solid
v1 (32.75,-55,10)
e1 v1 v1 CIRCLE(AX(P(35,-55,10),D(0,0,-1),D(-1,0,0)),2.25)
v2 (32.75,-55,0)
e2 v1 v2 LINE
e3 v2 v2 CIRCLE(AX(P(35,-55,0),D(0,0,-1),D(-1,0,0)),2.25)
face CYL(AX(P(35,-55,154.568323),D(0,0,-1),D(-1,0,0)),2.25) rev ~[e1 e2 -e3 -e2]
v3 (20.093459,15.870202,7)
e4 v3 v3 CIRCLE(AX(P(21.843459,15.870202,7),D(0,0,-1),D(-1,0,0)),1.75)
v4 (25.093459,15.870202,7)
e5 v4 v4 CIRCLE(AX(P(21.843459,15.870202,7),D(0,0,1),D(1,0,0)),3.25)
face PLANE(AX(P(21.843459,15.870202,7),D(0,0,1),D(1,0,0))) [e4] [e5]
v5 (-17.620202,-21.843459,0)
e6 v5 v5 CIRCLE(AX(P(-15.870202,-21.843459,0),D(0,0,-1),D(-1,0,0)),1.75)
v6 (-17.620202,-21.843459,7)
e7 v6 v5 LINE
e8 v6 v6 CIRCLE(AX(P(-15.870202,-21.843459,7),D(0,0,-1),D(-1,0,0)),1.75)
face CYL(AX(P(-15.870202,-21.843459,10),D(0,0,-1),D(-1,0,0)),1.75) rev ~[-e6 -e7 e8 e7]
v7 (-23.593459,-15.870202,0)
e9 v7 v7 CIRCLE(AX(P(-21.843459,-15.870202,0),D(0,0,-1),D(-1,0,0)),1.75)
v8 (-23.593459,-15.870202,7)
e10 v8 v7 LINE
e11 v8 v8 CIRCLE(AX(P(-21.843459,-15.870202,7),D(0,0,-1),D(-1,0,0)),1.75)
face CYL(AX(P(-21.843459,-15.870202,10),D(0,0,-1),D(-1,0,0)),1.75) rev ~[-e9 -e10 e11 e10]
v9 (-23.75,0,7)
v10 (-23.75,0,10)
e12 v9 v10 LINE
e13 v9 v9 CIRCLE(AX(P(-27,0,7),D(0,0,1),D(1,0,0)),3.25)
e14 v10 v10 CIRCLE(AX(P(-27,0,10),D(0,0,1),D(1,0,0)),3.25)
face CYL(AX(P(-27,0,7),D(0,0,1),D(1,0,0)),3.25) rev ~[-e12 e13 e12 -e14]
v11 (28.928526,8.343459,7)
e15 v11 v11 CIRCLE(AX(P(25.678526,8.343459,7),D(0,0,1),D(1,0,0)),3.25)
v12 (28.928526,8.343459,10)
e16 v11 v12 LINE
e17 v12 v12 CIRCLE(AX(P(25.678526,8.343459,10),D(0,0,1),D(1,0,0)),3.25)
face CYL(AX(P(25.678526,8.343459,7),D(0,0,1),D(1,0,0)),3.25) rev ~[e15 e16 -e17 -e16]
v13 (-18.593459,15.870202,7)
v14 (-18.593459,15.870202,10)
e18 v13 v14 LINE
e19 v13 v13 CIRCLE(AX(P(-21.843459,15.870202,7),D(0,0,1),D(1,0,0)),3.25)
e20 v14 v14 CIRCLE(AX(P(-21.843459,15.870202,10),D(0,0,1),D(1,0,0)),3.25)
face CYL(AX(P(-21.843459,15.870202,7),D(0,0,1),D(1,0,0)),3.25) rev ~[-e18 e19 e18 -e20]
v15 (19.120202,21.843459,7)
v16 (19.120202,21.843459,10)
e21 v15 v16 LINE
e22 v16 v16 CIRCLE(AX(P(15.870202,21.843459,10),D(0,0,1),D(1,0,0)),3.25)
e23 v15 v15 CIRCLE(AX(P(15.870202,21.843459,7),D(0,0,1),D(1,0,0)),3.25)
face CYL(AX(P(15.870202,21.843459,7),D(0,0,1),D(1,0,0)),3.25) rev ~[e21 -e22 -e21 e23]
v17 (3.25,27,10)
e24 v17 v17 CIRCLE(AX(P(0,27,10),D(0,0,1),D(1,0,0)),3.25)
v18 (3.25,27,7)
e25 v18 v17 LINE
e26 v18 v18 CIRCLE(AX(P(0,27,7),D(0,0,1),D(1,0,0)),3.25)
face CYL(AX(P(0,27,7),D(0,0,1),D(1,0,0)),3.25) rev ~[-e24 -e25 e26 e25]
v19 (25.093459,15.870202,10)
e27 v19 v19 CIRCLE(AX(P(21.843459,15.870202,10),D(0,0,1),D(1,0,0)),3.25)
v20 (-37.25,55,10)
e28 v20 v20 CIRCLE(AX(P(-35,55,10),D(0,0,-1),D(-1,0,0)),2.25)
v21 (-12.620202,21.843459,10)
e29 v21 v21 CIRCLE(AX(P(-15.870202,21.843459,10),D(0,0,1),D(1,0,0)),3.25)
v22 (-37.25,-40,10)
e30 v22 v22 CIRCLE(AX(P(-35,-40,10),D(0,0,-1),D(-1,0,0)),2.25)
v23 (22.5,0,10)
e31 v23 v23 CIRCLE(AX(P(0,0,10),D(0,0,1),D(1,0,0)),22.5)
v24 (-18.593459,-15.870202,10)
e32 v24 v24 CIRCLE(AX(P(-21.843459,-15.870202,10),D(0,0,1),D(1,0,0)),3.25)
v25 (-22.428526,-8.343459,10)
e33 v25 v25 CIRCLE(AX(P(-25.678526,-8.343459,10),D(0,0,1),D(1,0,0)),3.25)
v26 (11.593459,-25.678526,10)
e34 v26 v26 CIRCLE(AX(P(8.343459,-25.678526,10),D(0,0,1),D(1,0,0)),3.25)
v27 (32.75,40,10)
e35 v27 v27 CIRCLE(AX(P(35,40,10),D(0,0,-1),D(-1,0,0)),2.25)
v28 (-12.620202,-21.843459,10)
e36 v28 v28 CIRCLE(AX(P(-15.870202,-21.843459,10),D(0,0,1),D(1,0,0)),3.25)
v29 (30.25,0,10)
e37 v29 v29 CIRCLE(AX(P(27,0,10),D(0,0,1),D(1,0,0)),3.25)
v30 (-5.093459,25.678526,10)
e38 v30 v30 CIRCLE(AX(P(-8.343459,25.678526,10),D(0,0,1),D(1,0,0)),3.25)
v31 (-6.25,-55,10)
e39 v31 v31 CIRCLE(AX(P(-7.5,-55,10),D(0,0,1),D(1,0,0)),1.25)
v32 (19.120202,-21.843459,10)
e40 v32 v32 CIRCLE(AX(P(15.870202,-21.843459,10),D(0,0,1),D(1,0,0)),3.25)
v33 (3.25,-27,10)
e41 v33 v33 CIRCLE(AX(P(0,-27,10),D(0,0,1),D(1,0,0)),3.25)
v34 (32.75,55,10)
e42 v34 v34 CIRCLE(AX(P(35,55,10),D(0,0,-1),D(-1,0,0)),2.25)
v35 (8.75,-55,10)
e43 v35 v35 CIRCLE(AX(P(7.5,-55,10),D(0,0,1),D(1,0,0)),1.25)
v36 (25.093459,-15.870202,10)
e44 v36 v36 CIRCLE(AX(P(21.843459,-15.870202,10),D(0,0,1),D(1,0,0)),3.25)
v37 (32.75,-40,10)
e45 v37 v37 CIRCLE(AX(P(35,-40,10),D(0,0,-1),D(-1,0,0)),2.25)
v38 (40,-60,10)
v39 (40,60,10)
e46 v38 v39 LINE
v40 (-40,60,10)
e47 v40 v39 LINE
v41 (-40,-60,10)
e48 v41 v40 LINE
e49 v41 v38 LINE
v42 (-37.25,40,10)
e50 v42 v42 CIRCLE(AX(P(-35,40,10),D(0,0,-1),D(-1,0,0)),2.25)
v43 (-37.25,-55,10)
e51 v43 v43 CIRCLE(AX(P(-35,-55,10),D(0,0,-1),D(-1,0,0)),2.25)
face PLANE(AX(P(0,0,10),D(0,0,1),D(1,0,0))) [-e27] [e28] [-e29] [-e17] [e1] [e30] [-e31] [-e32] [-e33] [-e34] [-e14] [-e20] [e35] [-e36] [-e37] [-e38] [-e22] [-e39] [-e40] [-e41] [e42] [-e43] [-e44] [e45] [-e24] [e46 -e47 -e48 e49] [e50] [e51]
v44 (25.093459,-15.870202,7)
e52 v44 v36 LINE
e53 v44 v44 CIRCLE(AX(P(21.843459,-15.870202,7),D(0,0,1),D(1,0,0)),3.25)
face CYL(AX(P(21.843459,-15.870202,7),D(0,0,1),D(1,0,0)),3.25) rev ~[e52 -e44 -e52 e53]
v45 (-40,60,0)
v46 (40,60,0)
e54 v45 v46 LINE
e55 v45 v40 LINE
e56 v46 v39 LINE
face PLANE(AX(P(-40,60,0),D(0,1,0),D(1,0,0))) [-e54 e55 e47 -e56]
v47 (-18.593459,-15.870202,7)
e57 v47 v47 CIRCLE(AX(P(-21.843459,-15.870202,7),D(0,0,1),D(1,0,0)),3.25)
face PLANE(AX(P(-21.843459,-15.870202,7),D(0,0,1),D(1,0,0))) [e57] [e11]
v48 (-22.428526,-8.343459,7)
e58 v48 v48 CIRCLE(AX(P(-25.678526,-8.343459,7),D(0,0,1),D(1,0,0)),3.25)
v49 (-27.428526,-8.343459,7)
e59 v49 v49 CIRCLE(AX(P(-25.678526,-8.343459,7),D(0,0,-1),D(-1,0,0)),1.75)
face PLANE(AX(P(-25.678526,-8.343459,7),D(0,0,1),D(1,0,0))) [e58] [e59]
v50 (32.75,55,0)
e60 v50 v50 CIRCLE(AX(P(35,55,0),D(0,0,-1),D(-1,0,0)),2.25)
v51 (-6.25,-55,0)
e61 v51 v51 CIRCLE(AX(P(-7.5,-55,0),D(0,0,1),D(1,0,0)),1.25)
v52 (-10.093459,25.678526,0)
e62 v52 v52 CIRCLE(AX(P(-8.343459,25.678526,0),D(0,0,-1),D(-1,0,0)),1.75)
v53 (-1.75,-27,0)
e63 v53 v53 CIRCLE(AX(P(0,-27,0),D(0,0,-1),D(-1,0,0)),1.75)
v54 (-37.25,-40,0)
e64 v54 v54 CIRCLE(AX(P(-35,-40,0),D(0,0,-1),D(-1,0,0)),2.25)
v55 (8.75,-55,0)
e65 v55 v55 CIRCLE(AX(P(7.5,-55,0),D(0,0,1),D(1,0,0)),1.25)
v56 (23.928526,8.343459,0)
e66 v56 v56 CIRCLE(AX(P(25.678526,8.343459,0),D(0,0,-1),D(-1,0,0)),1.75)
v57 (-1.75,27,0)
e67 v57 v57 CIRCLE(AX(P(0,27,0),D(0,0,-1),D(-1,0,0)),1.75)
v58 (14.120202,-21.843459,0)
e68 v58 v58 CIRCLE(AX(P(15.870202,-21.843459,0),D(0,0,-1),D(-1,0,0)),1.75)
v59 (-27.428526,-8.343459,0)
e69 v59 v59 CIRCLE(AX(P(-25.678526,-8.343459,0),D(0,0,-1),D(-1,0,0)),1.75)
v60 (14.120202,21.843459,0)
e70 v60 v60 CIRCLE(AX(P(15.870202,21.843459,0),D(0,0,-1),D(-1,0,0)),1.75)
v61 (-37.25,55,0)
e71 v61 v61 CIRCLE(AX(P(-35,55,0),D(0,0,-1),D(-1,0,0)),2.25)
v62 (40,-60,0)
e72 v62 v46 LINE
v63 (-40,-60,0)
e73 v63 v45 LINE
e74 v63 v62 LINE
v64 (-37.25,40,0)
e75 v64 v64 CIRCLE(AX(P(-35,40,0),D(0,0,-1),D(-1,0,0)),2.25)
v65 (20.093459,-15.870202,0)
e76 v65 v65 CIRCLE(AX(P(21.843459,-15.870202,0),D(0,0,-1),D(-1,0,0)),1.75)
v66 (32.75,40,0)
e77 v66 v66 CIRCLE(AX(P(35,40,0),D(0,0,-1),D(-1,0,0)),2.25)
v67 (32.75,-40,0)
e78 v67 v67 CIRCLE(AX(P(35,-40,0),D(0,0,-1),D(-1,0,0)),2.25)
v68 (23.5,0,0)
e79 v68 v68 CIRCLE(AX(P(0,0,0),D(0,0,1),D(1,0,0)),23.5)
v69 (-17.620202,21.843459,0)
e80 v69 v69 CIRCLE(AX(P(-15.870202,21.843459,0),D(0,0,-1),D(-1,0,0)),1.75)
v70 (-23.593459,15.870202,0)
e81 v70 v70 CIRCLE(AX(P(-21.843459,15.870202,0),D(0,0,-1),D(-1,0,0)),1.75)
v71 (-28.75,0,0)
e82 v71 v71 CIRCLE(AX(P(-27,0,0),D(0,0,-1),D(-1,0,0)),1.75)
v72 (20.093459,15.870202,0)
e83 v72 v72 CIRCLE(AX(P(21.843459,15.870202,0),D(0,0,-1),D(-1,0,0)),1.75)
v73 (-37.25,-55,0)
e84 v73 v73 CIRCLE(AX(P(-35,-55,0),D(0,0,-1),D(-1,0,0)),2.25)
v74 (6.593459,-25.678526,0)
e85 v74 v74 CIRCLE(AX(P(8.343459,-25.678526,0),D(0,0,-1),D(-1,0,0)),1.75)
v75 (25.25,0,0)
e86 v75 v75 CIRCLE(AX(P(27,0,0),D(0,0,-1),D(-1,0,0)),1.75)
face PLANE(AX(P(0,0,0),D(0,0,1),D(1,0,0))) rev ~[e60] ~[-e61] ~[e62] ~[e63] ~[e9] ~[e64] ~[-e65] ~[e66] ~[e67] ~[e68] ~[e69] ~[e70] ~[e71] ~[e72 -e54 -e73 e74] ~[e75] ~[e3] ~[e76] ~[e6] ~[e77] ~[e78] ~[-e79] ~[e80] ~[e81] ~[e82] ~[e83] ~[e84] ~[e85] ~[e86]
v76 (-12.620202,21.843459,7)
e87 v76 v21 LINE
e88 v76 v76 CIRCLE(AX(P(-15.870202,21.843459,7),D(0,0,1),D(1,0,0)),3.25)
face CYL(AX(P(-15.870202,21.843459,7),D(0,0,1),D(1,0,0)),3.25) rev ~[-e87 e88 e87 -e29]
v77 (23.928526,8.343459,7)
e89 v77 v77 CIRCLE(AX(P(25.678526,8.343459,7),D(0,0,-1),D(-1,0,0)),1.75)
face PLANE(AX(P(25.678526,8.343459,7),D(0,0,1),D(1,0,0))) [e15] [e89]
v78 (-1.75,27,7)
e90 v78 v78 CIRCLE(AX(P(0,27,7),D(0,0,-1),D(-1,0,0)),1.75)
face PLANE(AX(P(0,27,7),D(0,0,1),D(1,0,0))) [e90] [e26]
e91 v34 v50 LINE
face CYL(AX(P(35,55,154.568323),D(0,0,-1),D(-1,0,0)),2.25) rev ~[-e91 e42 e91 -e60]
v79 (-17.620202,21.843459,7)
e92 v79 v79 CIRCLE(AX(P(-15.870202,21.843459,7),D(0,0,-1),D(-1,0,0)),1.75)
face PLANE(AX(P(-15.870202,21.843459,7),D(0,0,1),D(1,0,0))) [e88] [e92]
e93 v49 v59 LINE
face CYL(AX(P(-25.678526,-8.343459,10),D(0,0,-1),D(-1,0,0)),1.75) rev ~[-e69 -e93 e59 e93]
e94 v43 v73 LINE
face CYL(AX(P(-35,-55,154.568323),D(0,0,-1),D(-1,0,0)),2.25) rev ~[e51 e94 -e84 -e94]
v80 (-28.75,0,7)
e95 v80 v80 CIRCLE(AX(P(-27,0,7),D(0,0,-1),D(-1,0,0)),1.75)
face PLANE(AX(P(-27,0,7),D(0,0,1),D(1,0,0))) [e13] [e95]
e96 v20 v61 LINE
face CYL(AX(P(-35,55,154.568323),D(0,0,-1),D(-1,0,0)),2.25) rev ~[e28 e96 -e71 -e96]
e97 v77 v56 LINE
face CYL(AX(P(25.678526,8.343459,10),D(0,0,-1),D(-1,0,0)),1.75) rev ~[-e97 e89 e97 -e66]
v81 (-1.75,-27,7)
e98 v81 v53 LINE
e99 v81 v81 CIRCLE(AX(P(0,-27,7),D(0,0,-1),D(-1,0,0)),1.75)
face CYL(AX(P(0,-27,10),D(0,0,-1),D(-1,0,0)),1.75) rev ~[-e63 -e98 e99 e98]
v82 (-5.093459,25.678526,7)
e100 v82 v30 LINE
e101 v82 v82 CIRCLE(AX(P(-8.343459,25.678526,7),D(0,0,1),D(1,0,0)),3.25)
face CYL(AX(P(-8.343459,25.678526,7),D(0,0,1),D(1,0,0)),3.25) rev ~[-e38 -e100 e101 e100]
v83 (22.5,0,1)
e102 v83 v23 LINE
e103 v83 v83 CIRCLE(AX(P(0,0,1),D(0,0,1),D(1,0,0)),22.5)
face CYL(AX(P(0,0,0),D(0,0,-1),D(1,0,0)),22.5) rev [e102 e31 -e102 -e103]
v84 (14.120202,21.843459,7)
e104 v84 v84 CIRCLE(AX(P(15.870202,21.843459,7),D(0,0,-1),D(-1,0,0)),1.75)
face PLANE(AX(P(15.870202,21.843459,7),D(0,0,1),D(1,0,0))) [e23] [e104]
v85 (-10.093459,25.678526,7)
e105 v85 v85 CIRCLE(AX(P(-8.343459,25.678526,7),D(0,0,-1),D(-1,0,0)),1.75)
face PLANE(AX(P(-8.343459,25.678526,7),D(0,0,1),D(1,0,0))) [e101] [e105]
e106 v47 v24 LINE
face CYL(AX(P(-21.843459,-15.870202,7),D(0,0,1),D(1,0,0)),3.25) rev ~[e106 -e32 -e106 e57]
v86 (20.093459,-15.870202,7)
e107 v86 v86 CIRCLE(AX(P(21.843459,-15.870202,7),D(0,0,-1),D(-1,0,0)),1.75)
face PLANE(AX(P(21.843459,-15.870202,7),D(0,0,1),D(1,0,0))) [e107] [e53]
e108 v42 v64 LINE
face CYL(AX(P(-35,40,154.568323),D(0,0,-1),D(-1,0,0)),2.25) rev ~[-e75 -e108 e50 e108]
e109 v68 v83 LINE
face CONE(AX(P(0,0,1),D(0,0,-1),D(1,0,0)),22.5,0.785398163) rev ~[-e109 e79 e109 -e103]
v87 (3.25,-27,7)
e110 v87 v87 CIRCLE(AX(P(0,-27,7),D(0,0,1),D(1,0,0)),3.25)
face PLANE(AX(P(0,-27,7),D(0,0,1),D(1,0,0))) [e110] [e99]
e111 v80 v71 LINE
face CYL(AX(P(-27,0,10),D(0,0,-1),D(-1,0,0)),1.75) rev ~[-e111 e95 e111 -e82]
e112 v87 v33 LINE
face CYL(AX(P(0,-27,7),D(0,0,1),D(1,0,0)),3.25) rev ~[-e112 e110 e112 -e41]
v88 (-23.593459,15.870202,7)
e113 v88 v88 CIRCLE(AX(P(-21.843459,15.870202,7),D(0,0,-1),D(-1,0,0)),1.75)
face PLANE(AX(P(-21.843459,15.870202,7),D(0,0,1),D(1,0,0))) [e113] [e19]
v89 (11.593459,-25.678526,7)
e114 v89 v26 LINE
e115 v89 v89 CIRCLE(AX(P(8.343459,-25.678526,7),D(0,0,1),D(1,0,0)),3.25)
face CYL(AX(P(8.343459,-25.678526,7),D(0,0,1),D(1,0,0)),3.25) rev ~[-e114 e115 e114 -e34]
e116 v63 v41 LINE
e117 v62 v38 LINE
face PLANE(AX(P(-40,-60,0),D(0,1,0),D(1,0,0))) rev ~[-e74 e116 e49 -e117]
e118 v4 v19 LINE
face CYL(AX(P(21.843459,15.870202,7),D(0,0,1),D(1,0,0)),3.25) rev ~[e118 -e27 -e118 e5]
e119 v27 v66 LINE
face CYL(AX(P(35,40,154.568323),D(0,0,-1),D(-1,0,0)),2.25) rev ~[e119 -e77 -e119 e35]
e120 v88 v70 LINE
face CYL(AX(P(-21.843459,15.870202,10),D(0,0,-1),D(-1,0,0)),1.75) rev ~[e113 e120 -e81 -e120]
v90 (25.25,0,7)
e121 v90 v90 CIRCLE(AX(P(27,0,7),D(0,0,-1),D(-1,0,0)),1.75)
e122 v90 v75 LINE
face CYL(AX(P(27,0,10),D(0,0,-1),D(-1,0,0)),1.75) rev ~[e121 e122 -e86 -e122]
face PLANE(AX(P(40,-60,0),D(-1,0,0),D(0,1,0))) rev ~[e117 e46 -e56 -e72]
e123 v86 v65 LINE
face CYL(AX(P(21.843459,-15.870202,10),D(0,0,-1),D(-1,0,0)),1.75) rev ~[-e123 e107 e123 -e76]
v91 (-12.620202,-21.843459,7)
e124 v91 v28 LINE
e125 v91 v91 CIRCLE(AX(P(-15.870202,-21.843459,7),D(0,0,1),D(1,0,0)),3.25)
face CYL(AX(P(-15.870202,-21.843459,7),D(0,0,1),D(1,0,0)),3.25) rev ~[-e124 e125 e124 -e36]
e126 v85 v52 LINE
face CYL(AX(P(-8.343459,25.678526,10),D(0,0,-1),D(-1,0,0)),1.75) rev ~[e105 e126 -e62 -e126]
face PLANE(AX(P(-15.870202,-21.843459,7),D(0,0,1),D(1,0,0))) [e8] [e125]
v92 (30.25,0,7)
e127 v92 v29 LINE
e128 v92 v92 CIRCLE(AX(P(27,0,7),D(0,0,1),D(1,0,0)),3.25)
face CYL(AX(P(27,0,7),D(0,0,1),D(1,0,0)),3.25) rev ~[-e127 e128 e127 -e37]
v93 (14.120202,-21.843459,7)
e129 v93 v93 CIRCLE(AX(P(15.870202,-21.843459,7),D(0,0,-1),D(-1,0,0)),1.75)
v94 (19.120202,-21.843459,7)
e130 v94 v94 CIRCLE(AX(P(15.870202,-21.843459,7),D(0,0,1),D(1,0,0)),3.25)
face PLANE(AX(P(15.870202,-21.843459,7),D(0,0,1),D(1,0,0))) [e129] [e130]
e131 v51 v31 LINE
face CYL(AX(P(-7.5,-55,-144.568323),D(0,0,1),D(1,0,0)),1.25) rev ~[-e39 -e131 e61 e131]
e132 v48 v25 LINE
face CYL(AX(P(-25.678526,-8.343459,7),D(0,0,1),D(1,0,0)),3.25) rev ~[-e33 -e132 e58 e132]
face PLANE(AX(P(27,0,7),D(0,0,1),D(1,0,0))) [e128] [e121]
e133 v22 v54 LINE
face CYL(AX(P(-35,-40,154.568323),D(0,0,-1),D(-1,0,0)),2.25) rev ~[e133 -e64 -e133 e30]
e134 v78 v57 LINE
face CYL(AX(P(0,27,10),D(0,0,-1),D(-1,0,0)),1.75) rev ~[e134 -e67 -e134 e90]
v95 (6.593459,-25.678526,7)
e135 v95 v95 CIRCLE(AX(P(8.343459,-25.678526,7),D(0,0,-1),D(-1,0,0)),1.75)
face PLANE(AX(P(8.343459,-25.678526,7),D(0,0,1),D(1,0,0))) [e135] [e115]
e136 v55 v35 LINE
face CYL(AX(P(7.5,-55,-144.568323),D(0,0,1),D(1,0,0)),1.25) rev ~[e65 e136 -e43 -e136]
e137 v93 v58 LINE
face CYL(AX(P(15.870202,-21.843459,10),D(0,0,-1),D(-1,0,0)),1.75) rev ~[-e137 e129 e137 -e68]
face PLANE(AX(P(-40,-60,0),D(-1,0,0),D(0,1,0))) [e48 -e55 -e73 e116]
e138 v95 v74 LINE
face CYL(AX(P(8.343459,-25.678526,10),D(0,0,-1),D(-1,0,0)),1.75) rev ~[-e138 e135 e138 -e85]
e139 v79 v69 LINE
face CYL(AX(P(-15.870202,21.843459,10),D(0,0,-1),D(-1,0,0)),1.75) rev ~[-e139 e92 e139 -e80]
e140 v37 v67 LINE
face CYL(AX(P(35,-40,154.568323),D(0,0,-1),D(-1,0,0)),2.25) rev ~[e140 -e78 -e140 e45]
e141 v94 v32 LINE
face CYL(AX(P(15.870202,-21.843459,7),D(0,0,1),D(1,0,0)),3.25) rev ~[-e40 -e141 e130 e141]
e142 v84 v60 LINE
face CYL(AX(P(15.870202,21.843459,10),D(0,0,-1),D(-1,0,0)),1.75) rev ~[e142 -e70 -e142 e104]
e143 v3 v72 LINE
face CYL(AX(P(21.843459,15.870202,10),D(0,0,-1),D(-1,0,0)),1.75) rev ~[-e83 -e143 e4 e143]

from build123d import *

# Parameters (mm, degrees)
SKETCH1_W                                           = 80
SKETCH1_H                                           = 120
SKETCH1_R                                           = 22.5
BOSS_EXTRUDE1_DEPTH                                 = 10
CBORE_FOR_M3_HEX_SOCKET_HEAD_CAP_SCREW1_D           = 3.5
CBORE_FOR_M3_HEX_SOCKET_HEAD_CAP_SCREW1_CBORE_D     = 6.5
CBORE_FOR_M3_HEX_SOCKET_HEAD_CAP_SCREW1_CBORE_DEPTH = 3
CHAMFER1_SIZE                                       = 1
F_4_5_4_5_DIAMETER_HOLE1_D                          = 4.5
M3_TAPPED_HOLE1_D                                   = 2.5


with BuildPart() as part:
    # Sketch1 → Boss-Extrude1 (new body)
    with BuildSketch(Plane.XY):
        Rectangle(SKETCH1_W, SKETCH1_H)
        Circle(SKETCH1_R, mode=Mode.SUBTRACT)
    extrude(amount=BOSS_EXTRUDE1_DEPTH)

    # CBORE for M3 Hex Socket Head Cap Screw1 (through all)
    with Locations(Plane.XY.offset(10)):
        with Locations((-27, 0), (-25.67852594, -8.343458848), (-21.843458848, -15.870201812), (-15.870201812, -21.843458848), (27, 0), (25.67852594, 8.343458848), (21.843458848, 15.870201812), (15.870201812, 21.843458848), (0, 27), (-8.343458848, 25.67852594), (-15.870201812, 21.843458848), (-21.843458848, 15.870201812), (0, -27), (8.343458848, -25.67852594), (15.870201812, -21.843458848), (21.843458848, -15.870201812)):
            CounterBoreHole(CBORE_FOR_M3_HEX_SOCKET_HEAD_CAP_SCREW1_D / 2, CBORE_FOR_M3_HEX_SOCKET_HEAD_CAP_SCREW1_CBORE_D / 2, CBORE_FOR_M3_HEX_SOCKET_HEAD_CAP_SCREW1_CBORE_DEPTH)

    # Chamfer1
    chamfer1_edges = [part.edges().sort_by_distance(p)[0] for p in [
        (-22.5, 0, 0),
    ]]
    chamfer(chamfer1_edges, length=CHAMFER1_SIZE)

    # Ø4.5 (4.5) Diameter Hole1 (through all)
    with Locations(Plane.XY.offset(10)):
        with Locations((-35, 55), (35, 55), (35, -55), (-35, -55), (-35, -40), (-35, 40), (35, 40), (35, -40)):
            Hole(F_4_5_4_5_DIAMETER_HOLE1_D / 2)

    # M3 Tapped Hole1 (through all)
    with Locations(Plane(origin=(0, 0, 0), x_dir=(-1, 0, 0), z_dir=(0, 0, -1))):
        with Locations((-7.5, -55), (7.5, -55)):
            Hole(M3_TAPPED_HOLE1_D / 2)


solid = part.part
